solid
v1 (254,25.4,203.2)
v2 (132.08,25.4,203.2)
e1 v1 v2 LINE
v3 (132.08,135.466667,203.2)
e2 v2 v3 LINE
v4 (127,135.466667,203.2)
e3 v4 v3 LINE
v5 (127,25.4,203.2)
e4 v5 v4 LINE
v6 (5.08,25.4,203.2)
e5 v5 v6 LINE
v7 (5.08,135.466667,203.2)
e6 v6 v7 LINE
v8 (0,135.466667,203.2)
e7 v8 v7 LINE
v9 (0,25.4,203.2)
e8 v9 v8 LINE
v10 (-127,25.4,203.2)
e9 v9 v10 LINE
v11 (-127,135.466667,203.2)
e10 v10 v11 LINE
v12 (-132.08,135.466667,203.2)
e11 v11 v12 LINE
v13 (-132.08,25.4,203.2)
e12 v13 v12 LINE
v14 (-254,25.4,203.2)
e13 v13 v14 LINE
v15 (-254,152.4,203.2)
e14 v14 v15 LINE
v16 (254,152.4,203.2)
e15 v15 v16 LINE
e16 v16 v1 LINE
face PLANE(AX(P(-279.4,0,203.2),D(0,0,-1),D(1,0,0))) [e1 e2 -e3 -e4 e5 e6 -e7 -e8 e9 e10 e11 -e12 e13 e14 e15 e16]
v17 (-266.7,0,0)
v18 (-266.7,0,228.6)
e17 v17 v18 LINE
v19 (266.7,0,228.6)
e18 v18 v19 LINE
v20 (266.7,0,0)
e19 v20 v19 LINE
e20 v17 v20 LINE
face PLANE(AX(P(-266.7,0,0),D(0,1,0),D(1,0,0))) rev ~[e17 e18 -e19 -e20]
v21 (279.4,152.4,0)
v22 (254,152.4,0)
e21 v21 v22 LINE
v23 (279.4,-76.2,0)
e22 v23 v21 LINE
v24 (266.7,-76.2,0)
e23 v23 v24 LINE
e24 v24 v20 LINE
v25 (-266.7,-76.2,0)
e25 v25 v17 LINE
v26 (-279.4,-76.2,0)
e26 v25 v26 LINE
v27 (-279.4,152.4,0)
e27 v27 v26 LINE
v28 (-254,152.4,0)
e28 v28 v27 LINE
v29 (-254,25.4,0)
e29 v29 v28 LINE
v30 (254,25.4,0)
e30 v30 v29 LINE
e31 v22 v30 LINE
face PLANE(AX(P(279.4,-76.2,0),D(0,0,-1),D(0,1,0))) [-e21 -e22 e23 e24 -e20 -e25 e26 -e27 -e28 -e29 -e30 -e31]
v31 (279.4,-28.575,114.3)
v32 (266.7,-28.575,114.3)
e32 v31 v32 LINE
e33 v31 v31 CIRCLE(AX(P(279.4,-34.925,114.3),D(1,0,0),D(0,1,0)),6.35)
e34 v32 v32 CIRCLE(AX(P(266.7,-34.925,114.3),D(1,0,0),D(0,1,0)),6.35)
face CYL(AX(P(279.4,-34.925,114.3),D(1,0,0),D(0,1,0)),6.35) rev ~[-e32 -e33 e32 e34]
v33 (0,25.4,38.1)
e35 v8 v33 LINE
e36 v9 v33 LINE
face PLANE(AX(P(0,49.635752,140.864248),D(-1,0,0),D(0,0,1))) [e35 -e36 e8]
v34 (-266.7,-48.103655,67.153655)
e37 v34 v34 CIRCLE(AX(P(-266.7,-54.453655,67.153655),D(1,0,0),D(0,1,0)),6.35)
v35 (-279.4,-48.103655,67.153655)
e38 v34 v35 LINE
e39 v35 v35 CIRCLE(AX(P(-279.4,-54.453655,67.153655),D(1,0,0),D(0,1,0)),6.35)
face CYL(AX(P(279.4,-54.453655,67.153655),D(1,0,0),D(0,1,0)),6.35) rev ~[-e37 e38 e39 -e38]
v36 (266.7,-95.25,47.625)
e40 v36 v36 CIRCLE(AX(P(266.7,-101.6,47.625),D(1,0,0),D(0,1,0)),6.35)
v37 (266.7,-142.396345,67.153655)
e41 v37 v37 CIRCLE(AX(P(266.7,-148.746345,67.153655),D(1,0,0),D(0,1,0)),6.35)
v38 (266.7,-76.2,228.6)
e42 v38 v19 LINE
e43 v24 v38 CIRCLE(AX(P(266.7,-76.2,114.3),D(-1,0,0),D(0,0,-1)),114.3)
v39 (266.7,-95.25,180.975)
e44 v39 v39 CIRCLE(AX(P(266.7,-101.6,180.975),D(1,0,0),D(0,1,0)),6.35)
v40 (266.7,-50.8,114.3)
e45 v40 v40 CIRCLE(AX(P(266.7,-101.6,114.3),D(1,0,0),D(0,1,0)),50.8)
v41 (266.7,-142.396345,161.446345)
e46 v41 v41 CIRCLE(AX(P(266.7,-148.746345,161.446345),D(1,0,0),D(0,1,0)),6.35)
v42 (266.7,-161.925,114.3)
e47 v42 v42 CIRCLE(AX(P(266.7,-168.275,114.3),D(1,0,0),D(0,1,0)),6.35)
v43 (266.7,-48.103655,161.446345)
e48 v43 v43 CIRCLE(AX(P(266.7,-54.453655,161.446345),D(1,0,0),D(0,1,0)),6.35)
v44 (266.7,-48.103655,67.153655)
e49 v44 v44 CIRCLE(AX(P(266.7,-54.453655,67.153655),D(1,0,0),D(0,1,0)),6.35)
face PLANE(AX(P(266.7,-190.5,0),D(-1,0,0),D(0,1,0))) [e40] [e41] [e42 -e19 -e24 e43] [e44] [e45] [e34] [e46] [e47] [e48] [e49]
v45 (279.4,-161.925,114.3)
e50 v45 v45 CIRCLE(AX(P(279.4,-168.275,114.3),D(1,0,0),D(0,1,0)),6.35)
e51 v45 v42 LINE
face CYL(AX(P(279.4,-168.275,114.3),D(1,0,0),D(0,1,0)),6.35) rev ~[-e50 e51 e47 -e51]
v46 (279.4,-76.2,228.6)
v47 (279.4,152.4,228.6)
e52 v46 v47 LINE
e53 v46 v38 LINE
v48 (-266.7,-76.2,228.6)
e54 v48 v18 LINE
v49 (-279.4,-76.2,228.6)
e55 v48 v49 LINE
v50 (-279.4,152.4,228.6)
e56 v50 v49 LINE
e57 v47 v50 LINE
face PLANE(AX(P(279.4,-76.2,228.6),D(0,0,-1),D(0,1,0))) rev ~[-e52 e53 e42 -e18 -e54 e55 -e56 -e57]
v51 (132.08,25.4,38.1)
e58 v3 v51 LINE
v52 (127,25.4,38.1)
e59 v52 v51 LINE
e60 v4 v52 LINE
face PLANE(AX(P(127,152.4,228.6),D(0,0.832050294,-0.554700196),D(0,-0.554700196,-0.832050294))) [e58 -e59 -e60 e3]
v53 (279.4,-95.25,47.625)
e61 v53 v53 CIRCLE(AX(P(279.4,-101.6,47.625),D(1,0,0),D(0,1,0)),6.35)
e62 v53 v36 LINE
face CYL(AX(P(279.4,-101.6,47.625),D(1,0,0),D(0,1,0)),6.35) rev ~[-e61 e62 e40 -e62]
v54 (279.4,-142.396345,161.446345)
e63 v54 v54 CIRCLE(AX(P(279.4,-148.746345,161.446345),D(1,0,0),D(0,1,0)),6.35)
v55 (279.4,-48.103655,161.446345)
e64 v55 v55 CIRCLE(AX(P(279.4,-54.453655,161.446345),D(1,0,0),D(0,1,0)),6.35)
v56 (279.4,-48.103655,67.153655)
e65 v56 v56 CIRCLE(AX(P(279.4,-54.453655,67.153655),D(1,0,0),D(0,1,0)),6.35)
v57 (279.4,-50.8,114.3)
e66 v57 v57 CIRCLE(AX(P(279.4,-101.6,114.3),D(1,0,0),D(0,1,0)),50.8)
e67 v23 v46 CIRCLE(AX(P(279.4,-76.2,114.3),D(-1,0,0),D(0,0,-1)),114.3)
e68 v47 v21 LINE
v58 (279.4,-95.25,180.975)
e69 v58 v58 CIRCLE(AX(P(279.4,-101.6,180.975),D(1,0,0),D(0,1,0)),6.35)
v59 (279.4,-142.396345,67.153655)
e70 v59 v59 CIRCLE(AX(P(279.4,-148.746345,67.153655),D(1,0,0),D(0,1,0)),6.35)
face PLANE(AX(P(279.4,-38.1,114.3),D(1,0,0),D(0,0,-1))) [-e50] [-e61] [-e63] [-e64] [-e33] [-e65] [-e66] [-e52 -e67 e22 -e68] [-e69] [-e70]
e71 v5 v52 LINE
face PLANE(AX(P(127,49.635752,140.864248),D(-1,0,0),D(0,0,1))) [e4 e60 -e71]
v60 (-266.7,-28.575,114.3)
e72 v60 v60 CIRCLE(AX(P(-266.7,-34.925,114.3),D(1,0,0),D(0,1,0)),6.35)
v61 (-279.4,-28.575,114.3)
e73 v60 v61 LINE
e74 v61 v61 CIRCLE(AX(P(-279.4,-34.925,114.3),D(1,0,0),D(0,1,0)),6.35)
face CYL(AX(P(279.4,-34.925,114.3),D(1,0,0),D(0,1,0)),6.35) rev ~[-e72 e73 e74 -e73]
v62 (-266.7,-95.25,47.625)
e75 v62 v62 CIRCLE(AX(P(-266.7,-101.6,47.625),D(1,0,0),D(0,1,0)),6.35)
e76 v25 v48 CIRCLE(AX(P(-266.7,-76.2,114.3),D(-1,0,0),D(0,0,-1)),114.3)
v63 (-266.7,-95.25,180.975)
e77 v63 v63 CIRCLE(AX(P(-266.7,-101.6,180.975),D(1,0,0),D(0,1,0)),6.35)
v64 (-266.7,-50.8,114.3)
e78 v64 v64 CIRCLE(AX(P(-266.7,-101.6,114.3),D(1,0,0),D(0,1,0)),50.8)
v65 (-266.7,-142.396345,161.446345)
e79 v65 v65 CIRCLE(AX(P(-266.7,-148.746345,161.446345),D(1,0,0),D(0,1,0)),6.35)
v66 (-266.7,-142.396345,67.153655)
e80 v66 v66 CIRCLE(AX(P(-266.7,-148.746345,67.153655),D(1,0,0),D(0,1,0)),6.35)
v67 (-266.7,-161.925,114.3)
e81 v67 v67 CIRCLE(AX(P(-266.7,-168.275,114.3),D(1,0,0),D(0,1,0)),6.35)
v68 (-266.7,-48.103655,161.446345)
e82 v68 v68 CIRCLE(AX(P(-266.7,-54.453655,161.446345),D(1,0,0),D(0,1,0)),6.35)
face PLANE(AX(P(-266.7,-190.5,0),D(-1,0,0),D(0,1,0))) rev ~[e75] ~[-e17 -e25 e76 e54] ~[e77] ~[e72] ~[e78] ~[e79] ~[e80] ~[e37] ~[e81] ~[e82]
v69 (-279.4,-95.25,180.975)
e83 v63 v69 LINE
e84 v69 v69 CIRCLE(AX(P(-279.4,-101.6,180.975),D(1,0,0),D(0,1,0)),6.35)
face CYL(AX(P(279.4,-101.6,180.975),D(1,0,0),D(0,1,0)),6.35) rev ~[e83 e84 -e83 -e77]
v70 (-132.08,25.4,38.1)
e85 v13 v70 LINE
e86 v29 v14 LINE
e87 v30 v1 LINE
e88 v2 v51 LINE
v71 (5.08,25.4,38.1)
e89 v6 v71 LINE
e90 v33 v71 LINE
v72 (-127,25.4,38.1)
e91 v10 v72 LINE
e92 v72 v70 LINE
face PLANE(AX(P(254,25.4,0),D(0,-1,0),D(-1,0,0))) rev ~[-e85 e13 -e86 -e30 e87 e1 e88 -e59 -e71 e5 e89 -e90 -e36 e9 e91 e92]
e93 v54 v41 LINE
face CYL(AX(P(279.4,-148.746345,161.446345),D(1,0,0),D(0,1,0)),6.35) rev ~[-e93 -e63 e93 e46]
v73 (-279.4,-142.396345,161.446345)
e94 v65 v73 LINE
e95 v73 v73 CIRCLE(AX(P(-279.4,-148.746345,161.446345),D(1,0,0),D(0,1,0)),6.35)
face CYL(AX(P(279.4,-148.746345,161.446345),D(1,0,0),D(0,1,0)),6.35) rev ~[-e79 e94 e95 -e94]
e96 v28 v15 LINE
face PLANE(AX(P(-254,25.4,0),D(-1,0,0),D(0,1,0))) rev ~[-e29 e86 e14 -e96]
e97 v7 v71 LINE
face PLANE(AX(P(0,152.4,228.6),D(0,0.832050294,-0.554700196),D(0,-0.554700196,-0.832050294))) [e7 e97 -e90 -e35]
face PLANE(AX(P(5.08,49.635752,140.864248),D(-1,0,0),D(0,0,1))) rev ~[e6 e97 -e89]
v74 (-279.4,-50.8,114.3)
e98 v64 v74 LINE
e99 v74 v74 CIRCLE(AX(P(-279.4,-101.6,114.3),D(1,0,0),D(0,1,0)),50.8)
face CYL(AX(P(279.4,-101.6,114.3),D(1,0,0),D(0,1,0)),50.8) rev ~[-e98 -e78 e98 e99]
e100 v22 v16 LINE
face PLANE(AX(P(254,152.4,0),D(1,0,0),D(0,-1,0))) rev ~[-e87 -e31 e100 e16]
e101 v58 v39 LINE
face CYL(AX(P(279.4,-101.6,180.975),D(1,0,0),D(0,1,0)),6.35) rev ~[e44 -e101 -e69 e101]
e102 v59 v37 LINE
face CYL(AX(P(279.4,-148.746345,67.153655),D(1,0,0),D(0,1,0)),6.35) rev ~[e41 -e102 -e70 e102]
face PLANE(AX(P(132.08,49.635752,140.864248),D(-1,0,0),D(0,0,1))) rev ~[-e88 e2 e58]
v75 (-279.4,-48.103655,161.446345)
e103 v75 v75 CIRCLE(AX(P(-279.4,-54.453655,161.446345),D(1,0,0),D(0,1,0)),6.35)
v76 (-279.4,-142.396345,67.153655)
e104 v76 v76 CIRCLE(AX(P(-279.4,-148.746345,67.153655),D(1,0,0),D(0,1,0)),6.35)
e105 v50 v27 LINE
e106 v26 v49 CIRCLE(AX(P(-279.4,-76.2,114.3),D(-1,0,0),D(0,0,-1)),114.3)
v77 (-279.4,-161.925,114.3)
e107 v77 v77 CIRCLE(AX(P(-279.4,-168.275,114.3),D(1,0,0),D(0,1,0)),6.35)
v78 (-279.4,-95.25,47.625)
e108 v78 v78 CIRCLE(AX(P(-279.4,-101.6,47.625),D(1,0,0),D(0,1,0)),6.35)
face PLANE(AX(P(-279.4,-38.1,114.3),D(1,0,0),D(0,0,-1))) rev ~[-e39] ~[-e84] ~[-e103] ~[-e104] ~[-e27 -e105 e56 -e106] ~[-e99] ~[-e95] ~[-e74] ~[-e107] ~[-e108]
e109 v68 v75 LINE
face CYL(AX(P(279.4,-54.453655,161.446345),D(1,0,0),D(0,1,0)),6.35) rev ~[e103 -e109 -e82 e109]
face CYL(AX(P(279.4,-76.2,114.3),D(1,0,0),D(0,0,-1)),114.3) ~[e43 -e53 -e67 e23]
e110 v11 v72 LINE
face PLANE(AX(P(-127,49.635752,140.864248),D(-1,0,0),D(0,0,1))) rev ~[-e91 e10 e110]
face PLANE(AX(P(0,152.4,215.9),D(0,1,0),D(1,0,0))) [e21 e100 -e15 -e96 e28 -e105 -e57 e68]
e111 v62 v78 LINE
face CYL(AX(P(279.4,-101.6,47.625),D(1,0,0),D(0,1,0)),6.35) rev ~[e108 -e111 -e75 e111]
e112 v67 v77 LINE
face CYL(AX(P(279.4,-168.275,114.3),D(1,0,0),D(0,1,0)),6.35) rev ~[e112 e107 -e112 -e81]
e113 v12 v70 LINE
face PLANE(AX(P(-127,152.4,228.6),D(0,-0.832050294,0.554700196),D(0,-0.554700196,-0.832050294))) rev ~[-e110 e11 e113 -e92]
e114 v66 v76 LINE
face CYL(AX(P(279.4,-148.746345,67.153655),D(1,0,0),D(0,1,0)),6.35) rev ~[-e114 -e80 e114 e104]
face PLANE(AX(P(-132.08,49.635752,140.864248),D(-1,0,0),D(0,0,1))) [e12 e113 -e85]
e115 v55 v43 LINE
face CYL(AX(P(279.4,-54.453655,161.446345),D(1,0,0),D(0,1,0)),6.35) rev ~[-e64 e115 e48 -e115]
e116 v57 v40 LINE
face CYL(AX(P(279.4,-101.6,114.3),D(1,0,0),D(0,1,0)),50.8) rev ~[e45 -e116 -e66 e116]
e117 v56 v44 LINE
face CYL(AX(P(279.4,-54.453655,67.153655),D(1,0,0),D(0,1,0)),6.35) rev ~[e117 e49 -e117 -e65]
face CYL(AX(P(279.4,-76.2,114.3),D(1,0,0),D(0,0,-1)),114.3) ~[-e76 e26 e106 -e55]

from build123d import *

# Parameters (mm, degrees)
BOSS_EXTRUDE2_DEPTH = 203.2
SKETCH2_W           = 558.8
SKETCH2_H           = 25.4
BOSS_EXTRUDE3_DEPTH = 152.4
BOSS_EXTRUDE4_DEPTH = 5.08
BOSS_EXTRUDE5_DEPTH = 5.08
BOSS_EXTRUDE6_DEPTH = 5.08
BOSS_EXTRUDE7_DEPTH = 558.8
SKETCH7_W           = 533.4
SKETCH7_H           = 190.5
CUT_EXTRUDE1_DEPTH  = 298.590683842
SKETCH8_R           = 50.8
CUT_EXTRUDE2_DEPTH  = 634.092133895
SKETCH10_R          = 6.35
CUT_EXTRUDE3_DEPTH  = 634.092133895


with BuildPart() as part:
    # Sketch1 → Boss-Extrude2 (new body)
    with BuildSketch(Plane.XY):
        Polygon((-279.4, 0), (279.4, 0), (279.4, 152.4), (254, 152.4), (254, 25.4), (-254, 25.4), (-254, 152.4), (-279.4, 152.4), align=None)
    extrude(amount=BOSS_EXTRUDE2_DEPTH)

    # Sketch2 → Boss-Extrude3 (add)
    with BuildSketch(Plane(origin=(0, 0, 0), x_dir=(1, 0, 0), z_dir=(0, 1, 0))):
        with Locations((0, -215.9)):
            Rectangle(SKETCH2_W, SKETCH2_H)
    extrude(amount=BOSS_EXTRUDE3_DEPTH)

    # Sketch3 → Boss-Extrude4 (add)
    with BuildSketch(Plane(origin=(127, 0, 0), x_dir=(0, 0, -1), z_dir=(1, 0, 0))):
        Polygon((-228.6, 152.4), (0, 0), (-228.6, 0), align=None)
    extrude(amount=BOSS_EXTRUDE4_DEPTH)

    # Sketch4 → Boss-Extrude5 (add)
    with BuildSketch(Plane(origin=(0, 0, 0), x_dir=(0, 0, -1), z_dir=(1, 0, 0))):
        Polygon((-228.6, 152.4), (0, 0), (-228.6, 0), align=None)
    extrude(amount=BOSS_EXTRUDE5_DEPTH)

    # Sketch5 → Boss-Extrude6 (add)
    with BuildSketch(Plane(origin=(-127, 0, 0), x_dir=(0, 0, -1), z_dir=(1, 0, 0))):
        Polygon((-228.6, 152.4), (0, 0), (-228.6, 0), align=None)
    extrude(amount=-BOSS_EXTRUDE6_DEPTH)

    # Sketch6 → Boss-Extrude7 (add)
    with BuildSketch(Plane(origin=(279.4, 0, 0), x_dir=(0, 0, -1), z_dir=(1, 0, 0))):
        with BuildLine():
            Line((0, 0), (-228.6, 0))
            Line((-228.6, 0), (-228.6, -76.2))
            ThreePointArc((-228.6, -76.2), (-114.3, -190.5), (0, -76.2))
            Line((0, -76.2), (0, 0))
        make_face()
    extrude(amount=-BOSS_EXTRUDE7_DEPTH)

    # Sketch7 → Cut-Extrude1 (cut)
    with BuildSketch(Plane.XY):
        with Locations((0, -95.25)):
            Rectangle(SKETCH7_W, SKETCH7_H)
    extrude(amount=CUT_EXTRUDE1_DEPTH, mode=Mode.SUBTRACT)

    # Sketch8 → Cut-Extrude2 (cut, through all)
    with BuildSketch(Plane(origin=(279.4, 0, 0), x_dir=(0, 0, -1), z_dir=(1, 0, 0))):
        with Locations((-114.3, -101.6)):
            Circle(SKETCH8_R)
    extrude(amount=-CUT_EXTRUDE2_DEPTH, mode=Mode.SUBTRACT)

    # Sketch10 → Cut-Extrude3 (cut, through all)
    with BuildSketch(Plane(origin=(279.4, 0, 0), x_dir=(0, 0, -1), z_dir=(1, 0, 0))):
        with Locations((-114.3, -34.925)):
            Circle(SKETCH10_R)
        with Locations((-67.153655364, -54.453655364)):
            Circle(SKETCH10_R)
        with Locations((-47.625, -101.6)):
            Circle(SKETCH10_R)
        with Locations((-67.153655364, -148.746344636)):
            Circle(SKETCH10_R)
        with Locations((-114.3, -168.275)):
            Circle(SKETCH10_R)
        with Locations((-161.446344636, -148.746344636)):
            Circle(SKETCH10_R)
        with Locations((-180.975, -101.6)):
            Circle(SKETCH10_R)
        with Locations((-161.446344636, -54.453655364)):
            Circle(SKETCH10_R)
    extrude(amount=-CUT_EXTRUDE3_DEPTH, mode=Mode.SUBTRACT)


solid = part.part
